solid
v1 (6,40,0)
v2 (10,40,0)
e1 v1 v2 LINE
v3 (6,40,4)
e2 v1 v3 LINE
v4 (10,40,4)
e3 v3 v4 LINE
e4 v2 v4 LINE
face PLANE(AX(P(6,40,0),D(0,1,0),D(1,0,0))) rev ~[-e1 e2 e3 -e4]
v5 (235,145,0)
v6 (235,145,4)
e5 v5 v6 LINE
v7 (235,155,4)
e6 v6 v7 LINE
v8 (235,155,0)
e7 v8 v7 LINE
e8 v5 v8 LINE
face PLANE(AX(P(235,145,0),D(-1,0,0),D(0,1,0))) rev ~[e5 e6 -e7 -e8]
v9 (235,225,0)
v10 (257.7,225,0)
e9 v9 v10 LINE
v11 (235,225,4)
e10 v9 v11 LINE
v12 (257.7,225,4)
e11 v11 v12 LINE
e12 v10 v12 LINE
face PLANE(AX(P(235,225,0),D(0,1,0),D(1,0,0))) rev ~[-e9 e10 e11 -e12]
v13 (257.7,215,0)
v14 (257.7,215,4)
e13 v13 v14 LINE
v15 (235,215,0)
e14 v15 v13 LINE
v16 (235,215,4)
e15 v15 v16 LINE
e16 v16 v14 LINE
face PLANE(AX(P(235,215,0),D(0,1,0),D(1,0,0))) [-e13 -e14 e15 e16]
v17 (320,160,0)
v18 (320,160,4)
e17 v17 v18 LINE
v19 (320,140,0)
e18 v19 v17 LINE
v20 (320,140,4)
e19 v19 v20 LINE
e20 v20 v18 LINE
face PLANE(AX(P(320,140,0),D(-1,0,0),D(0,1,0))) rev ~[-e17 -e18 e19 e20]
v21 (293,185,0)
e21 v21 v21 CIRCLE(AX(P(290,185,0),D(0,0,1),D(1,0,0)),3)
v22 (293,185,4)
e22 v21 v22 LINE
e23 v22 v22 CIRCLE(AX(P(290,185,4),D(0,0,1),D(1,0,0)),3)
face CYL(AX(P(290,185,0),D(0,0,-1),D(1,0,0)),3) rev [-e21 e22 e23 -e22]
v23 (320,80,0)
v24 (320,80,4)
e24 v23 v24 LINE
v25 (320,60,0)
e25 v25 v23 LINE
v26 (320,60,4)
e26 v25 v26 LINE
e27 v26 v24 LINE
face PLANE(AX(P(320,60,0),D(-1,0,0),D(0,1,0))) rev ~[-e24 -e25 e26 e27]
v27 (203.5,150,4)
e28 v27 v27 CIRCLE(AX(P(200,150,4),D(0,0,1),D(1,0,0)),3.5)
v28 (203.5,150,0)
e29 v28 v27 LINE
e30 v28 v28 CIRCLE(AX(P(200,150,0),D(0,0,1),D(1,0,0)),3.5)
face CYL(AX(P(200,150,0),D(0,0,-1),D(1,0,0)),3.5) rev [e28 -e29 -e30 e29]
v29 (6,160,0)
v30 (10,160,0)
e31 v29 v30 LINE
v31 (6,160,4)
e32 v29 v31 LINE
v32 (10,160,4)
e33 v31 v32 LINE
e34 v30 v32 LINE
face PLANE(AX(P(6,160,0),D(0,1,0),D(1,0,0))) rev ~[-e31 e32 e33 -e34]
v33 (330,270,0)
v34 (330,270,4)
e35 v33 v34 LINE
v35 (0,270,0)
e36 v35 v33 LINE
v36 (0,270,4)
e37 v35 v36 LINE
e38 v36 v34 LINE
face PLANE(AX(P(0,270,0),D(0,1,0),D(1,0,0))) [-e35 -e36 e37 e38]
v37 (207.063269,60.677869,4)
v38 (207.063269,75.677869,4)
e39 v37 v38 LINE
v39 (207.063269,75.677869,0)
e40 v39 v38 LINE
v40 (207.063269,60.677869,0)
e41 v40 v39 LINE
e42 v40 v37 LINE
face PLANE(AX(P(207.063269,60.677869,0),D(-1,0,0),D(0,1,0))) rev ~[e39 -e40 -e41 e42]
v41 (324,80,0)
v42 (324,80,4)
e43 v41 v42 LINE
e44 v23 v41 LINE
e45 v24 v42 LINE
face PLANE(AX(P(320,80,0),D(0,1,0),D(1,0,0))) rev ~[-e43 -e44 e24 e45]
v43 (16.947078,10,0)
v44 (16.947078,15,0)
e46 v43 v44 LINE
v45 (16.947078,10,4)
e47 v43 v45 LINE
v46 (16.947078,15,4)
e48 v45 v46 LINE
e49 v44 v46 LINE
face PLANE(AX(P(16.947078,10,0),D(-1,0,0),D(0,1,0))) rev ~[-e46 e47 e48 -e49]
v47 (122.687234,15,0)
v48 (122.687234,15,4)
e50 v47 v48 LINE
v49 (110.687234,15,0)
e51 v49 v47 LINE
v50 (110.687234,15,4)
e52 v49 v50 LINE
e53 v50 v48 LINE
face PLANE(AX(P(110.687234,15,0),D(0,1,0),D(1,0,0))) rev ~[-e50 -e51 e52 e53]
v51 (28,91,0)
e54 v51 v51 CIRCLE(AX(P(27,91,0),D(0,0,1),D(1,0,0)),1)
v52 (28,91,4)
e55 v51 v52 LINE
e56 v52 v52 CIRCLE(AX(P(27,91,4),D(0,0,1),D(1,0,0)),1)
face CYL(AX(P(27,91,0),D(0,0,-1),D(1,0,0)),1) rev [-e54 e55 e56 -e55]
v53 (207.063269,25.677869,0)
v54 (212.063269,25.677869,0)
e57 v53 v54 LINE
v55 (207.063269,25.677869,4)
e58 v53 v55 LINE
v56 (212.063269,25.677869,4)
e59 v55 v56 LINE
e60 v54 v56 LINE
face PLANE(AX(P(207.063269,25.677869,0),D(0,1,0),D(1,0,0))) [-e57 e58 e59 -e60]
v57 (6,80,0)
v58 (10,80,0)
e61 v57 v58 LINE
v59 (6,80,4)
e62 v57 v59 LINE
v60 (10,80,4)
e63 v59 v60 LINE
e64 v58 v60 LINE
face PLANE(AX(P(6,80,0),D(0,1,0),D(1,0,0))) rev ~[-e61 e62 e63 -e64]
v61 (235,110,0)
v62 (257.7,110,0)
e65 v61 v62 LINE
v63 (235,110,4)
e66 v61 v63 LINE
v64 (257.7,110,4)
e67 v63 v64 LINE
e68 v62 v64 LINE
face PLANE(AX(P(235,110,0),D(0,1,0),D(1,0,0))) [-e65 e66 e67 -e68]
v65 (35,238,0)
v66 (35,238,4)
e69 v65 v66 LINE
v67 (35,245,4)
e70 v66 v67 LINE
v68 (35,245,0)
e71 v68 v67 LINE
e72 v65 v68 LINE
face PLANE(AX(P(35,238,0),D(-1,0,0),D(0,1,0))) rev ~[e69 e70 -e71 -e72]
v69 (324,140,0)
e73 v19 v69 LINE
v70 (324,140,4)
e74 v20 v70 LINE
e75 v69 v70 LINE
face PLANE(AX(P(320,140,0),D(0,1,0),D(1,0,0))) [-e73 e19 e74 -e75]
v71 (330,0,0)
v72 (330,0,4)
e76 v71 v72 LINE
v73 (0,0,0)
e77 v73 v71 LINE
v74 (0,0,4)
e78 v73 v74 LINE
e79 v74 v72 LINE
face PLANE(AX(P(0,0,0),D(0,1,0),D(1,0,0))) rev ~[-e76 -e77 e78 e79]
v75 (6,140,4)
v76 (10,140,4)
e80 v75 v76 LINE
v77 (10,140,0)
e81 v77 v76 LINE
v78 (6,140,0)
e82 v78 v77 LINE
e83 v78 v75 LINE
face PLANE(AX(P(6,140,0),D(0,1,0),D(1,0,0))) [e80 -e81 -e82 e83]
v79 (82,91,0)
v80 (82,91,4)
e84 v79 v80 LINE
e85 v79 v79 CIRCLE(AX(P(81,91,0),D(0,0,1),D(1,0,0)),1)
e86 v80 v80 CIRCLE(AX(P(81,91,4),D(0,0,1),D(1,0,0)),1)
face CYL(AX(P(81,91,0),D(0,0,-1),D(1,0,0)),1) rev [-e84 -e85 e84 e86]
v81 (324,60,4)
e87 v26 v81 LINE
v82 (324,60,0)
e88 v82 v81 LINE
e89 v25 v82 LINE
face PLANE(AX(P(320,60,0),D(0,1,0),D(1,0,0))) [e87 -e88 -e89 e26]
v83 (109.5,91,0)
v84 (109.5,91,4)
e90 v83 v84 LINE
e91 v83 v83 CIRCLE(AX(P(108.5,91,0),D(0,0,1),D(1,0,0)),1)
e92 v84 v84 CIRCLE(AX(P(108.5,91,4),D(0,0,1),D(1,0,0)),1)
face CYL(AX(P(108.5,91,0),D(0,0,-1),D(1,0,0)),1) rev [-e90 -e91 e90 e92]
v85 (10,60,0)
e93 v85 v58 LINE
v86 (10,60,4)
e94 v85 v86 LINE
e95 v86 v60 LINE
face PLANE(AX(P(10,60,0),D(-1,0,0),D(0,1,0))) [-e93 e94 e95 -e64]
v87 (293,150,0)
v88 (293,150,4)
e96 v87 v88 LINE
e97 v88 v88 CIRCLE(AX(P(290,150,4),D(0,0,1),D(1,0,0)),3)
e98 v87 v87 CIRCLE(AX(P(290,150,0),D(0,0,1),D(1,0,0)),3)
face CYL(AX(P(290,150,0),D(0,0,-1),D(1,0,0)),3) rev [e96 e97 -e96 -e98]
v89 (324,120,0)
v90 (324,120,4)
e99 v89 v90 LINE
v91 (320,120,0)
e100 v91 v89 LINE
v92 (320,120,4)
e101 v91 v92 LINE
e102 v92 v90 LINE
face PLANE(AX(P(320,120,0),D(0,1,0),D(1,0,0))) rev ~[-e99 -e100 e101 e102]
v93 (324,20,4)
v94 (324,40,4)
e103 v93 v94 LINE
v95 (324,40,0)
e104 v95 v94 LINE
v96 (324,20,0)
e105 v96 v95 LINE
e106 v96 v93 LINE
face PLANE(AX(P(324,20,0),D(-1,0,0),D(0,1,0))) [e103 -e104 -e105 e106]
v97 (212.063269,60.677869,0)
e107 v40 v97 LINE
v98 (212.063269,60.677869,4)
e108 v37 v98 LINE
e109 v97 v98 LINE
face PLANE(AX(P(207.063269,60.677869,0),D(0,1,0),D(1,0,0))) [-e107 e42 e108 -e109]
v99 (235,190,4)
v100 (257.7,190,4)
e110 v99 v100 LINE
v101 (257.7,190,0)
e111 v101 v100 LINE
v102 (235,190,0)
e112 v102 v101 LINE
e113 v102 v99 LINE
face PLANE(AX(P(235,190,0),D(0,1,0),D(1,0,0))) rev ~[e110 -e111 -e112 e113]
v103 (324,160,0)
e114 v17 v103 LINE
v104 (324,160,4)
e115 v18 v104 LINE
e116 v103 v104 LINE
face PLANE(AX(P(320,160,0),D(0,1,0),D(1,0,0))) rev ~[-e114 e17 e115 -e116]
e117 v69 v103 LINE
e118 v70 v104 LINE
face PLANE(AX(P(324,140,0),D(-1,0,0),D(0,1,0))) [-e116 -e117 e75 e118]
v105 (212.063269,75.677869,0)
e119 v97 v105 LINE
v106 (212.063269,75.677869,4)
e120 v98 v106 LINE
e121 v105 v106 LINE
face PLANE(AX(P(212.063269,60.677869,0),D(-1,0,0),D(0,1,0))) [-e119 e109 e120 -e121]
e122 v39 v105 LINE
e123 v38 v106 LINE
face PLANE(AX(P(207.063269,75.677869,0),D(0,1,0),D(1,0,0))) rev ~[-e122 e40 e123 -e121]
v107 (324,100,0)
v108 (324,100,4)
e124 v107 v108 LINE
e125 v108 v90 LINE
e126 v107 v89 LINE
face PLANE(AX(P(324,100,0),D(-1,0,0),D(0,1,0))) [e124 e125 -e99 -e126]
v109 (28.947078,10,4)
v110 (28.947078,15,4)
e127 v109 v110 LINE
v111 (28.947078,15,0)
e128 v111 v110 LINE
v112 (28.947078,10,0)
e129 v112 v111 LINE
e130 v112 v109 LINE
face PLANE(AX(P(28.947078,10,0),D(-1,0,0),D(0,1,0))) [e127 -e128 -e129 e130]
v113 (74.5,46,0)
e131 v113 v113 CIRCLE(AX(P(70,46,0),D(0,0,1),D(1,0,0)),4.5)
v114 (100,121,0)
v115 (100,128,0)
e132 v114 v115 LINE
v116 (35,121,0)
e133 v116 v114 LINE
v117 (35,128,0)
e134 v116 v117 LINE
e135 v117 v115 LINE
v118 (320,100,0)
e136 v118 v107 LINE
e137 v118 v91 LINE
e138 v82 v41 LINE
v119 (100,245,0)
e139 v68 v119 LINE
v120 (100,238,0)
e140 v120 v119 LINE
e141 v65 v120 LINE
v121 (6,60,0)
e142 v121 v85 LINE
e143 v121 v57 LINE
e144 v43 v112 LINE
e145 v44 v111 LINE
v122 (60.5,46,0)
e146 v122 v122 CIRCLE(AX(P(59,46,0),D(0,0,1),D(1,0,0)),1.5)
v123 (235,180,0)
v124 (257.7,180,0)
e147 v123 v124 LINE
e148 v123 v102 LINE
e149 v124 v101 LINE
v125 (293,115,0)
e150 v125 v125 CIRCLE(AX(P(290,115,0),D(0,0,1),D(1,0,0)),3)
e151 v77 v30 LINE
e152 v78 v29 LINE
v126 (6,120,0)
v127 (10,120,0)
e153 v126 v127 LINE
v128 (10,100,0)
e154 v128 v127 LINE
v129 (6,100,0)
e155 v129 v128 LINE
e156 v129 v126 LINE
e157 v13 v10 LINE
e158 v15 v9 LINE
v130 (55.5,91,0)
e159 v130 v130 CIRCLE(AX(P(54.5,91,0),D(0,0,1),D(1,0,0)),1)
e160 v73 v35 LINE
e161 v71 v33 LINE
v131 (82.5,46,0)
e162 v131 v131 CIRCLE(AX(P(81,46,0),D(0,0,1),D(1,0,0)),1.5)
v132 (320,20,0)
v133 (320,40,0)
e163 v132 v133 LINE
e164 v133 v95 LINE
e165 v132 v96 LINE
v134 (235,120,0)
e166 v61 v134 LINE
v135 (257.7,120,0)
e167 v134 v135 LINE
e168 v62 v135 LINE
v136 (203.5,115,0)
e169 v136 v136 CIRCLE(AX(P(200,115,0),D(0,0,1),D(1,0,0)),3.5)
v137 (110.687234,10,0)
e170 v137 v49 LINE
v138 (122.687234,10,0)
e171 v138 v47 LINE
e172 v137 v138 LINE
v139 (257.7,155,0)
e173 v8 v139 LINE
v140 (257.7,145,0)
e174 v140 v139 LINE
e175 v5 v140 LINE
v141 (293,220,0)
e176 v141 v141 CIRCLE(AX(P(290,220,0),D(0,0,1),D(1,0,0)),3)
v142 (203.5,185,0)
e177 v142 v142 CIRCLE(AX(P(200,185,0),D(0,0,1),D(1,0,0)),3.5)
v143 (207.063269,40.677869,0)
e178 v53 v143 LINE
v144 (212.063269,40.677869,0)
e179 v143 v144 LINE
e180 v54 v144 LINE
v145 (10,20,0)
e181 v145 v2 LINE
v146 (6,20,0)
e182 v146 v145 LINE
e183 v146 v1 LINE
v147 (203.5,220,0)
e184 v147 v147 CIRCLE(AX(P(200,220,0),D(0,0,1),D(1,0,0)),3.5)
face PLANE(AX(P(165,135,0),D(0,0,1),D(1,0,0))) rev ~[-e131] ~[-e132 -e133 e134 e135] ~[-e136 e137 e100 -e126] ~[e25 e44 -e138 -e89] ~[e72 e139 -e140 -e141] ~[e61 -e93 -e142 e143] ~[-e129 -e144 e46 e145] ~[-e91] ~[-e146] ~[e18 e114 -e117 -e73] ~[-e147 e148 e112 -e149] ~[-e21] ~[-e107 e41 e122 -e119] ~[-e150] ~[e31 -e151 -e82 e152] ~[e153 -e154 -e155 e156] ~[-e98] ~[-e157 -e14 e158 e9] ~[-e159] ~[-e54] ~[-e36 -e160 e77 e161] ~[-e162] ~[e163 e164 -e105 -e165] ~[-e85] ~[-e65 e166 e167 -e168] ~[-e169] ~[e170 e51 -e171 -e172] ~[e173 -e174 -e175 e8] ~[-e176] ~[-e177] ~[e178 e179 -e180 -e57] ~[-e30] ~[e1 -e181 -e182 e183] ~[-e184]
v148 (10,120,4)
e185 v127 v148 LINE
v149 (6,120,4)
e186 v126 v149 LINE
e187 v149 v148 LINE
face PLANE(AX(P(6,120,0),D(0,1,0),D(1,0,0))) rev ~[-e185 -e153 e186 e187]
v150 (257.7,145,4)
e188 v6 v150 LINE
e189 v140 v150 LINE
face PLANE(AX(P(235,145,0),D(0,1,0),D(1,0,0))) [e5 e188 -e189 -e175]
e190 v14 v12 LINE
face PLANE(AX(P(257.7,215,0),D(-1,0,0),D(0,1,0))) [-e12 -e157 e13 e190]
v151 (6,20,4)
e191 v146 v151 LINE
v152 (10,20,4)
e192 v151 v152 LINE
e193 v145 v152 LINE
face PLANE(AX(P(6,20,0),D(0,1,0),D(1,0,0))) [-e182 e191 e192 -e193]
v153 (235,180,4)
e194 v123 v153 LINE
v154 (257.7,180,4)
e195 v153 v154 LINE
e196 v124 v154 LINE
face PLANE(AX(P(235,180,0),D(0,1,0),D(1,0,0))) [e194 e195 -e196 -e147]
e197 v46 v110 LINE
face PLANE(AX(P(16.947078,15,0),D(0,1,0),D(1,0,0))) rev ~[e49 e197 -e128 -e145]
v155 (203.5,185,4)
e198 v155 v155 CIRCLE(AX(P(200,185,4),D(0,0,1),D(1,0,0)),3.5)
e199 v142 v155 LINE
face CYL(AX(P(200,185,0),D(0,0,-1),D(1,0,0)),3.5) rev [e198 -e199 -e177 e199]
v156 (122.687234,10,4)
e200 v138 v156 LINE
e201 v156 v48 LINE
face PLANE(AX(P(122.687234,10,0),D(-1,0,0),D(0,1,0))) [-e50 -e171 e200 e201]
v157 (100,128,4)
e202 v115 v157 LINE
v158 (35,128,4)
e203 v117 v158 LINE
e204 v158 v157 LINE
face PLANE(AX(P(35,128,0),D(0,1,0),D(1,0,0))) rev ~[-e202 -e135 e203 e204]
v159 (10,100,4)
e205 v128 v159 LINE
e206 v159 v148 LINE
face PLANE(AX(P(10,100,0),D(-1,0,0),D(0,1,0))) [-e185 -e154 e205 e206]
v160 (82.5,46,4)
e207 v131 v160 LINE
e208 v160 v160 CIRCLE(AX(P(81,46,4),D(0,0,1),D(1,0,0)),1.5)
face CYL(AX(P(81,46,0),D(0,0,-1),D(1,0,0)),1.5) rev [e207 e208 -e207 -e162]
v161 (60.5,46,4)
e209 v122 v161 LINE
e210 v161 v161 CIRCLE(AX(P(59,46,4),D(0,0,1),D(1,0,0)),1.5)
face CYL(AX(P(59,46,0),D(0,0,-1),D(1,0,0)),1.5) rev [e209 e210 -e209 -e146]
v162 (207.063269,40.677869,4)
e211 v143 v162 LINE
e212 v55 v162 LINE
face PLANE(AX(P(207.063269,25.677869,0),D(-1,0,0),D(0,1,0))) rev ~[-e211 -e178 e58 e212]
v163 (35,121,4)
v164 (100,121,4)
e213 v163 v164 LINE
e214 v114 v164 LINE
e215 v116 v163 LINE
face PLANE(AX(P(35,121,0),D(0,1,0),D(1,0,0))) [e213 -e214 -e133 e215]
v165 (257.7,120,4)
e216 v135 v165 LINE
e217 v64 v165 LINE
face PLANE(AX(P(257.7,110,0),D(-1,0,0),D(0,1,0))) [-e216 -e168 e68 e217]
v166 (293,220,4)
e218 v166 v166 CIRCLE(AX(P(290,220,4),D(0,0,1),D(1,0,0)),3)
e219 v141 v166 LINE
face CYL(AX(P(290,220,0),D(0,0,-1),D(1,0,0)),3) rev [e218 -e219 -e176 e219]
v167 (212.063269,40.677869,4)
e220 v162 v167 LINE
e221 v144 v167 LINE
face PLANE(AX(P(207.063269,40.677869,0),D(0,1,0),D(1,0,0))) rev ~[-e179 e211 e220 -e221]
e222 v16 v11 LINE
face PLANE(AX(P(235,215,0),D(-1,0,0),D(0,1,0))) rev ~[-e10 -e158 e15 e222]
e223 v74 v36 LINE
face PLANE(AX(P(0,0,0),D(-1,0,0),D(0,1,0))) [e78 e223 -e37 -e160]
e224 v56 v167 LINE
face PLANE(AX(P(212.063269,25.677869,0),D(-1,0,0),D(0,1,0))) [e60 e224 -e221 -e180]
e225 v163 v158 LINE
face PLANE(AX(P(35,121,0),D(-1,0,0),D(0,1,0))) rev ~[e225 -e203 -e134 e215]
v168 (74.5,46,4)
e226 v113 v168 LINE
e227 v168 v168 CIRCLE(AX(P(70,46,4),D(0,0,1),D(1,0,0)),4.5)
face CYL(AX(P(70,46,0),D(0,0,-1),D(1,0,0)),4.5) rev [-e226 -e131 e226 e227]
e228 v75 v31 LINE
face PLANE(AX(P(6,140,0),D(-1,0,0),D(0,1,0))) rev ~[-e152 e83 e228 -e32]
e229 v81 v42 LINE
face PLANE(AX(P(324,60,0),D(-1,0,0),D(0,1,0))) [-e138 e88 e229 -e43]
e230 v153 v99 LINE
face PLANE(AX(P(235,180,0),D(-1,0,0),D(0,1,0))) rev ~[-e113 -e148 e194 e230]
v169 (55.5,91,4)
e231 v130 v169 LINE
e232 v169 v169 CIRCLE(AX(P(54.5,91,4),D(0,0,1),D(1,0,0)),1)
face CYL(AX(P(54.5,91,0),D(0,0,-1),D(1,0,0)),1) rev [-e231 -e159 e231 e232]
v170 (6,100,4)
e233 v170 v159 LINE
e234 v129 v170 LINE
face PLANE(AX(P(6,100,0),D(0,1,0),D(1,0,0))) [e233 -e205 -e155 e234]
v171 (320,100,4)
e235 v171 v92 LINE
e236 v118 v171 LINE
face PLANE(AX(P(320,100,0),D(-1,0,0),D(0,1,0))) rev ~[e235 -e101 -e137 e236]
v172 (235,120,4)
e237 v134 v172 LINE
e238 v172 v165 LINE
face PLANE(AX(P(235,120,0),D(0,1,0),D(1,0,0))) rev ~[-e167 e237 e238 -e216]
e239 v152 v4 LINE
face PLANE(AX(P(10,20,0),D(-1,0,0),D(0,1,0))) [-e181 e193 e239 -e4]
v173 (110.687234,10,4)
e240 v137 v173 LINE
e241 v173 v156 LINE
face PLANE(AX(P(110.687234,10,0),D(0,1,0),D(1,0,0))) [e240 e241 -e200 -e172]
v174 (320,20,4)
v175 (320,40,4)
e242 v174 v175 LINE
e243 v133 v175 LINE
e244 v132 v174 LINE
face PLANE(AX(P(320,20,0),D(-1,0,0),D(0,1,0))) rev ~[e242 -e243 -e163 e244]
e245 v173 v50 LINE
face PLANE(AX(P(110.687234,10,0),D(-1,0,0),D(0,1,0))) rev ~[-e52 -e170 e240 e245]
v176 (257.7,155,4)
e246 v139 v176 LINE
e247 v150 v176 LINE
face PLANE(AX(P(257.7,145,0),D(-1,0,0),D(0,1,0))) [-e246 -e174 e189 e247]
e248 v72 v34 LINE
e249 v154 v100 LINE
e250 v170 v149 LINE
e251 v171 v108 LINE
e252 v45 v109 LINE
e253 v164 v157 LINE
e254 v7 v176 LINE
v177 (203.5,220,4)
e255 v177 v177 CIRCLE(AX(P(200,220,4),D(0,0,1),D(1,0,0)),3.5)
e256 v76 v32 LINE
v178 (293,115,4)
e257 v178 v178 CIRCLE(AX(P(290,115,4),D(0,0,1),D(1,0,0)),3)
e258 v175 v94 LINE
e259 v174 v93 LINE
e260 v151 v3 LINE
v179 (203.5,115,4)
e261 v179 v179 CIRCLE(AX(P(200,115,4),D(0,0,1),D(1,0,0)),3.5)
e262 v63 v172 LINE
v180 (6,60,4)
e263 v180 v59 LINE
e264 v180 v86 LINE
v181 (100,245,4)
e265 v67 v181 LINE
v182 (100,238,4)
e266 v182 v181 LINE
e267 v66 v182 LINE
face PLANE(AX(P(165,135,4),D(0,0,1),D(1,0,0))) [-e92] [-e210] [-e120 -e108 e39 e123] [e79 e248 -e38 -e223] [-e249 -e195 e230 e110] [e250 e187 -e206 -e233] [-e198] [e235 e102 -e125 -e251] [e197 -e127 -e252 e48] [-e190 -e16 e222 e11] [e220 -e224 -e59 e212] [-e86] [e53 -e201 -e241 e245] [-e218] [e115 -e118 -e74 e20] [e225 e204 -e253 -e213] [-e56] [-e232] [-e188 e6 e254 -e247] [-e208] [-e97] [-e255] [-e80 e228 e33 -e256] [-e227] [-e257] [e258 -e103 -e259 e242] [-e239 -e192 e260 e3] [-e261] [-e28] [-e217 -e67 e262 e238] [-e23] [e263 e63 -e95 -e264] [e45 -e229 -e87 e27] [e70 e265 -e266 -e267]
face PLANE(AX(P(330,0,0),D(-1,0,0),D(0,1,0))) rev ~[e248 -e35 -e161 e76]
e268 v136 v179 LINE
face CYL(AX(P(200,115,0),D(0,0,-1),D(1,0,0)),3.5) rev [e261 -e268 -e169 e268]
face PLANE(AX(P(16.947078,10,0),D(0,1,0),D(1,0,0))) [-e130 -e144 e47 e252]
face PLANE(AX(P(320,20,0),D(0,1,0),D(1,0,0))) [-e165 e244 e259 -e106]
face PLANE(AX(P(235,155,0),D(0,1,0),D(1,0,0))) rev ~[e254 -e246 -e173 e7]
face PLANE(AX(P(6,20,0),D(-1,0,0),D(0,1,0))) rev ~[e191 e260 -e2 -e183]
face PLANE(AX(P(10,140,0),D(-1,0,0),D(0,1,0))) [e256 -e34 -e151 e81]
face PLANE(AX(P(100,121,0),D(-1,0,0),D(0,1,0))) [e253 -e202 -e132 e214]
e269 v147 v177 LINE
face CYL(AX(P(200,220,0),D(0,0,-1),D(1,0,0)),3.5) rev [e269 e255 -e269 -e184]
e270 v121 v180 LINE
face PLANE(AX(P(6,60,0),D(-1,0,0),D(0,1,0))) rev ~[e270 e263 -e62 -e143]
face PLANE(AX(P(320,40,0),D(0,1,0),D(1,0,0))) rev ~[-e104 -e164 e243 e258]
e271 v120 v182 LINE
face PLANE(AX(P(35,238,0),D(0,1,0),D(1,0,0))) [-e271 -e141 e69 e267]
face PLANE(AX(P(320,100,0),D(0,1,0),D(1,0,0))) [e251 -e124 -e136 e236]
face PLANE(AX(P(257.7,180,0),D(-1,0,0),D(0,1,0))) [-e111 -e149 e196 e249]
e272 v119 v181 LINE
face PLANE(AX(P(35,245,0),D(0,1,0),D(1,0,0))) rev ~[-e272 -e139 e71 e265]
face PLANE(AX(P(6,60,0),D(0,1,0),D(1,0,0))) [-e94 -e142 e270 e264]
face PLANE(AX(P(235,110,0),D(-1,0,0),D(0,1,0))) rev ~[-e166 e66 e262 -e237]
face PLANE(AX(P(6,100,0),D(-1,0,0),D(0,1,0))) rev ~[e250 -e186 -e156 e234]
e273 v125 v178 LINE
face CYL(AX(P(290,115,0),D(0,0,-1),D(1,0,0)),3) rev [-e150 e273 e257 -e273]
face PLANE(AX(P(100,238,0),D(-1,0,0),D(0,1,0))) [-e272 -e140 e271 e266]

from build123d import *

# Parameters (mm, degrees)
SCHIZZO1_W                   = 330
SCHIZZO1_H                   = 270
SCHIZZO1_R                   = 3.5
SCHIZZO1_R_2                 = 1
SCHIZZO1_R_3                 = 3
SCHIZZO1_R_4                 = 4.5
SCHIZZO1_R_5                 = 1.5
SCHIZZO1_W_2                 = 22.7
SCHIZZO1_H_2                 = 10
SCHIZZO1_W_3                 = 65
SCHIZZO1_H_3                 = 7
SCHIZZO1_W_4                 = 4
SCHIZZO1_H_4                 = 20
SCHIZZO1_W_5                 = 5
SCHIZZO1_H_5                 = 15
SCHIZZO1_W_6                 = 12
SCHIZZO1_H_6                 = 5
ESTRUSIONE_ESTRUSIONE1_DEPTH = 4


with BuildPart() as part:
    # Schizzo1 → Estrusione-Estrusione1 (new body)
    with BuildSketch(Plane.XY):
        with Locations((165, 135)):
            Rectangle(SCHIZZO1_W, SCHIZZO1_H)
        with Locations((200, 220)):
            Circle(SCHIZZO1_R, mode=Mode.SUBTRACT)
        with Locations((200, 185)):
            Circle(SCHIZZO1_R, mode=Mode.SUBTRACT)
        with Locations((200, 150)):
            Circle(SCHIZZO1_R, mode=Mode.SUBTRACT)
        with Locations((200, 115)):
            Circle(SCHIZZO1_R, mode=Mode.SUBTRACT)
        with Locations((27, 91)):
            Circle(SCHIZZO1_R_2, mode=Mode.SUBTRACT)
        with Locations((54.5, 91)):
            Circle(SCHIZZO1_R_2, mode=Mode.SUBTRACT)
        with Locations((81, 91)):
            Circle(SCHIZZO1_R_2, mode=Mode.SUBTRACT)
        with Locations((108.5, 91)):
            Circle(SCHIZZO1_R_2, mode=Mode.SUBTRACT)
        with Locations((290, 220)):
            Circle(SCHIZZO1_R_3, mode=Mode.SUBTRACT)
        with Locations((290, 185)):
            Circle(SCHIZZO1_R_3, mode=Mode.SUBTRACT)
        with Locations((290, 150)):
            Circle(SCHIZZO1_R_3, mode=Mode.SUBTRACT)
        with Locations((290, 115)):
            Circle(SCHIZZO1_R_3, mode=Mode.SUBTRACT)
        with Locations((70, 46)):
            Circle(SCHIZZO1_R_4, mode=Mode.SUBTRACT)
        with Locations((59, 46)):
            Circle(SCHIZZO1_R_5, mode=Mode.SUBTRACT)
        with Locations((81, 46)):
            Circle(SCHIZZO1_R_5, mode=Mode.SUBTRACT)
        with Locations((246.35, 185)):
            Rectangle(SCHIZZO1_W_2, SCHIZZO1_H_2, mode=Mode.SUBTRACT)
        with Locations((67.5, 241.5)):
            Rectangle(SCHIZZO1_W_3, SCHIZZO1_H_3, mode=Mode.SUBTRACT)
        with Locations((246.35, 220)):
            Rectangle(SCHIZZO1_W_2, SCHIZZO1_H_2, mode=Mode.SUBTRACT)
        with Locations((246.35, 150)):
            Rectangle(SCHIZZO1_W_2, SCHIZZO1_H_2, mode=Mode.SUBTRACT)
        with Locations((246.35, 115)):
            Rectangle(SCHIZZO1_W_2, SCHIZZO1_H_2, mode=Mode.SUBTRACT)
        with Locations((8, 110)):
            Rectangle(SCHIZZO1_W_4, SCHIZZO1_H_4, mode=Mode.SUBTRACT)
        with Locations((67.5, 124.5)):
            Rectangle(SCHIZZO1_W_3, SCHIZZO1_H_3, mode=Mode.SUBTRACT)
        with Locations((209.563268788, 68.177868744)):
            Rectangle(SCHIZZO1_W_5, SCHIZZO1_H_5, mode=Mode.SUBTRACT)
        with Locations((22.947077827, 12.5)):
            Rectangle(SCHIZZO1_W_6, SCHIZZO1_H_6, mode=Mode.SUBTRACT)
        with Locations((116.687234465, 12.5)):
            Rectangle(SCHIZZO1_W_6, SCHIZZO1_H_6, mode=Mode.SUBTRACT)
        with Locations((209.563268788, 33.177868744)):
            Rectangle(SCHIZZO1_W_5, SCHIZZO1_H_5, mode=Mode.SUBTRACT)
        with Locations((8, 150)):
            Rectangle(SCHIZZO1_W_4, SCHIZZO1_H_4, mode=Mode.SUBTRACT)
        with Locations((8, 70)):
            Rectangle(SCHIZZO1_W_4, SCHIZZO1_H_4, mode=Mode.SUBTRACT)
        with Locations((8, 30)):
            Rectangle(SCHIZZO1_W_4, SCHIZZO1_H_4, mode=Mode.SUBTRACT)
        with Locations((322, 110)):
            Rectangle(SCHIZZO1_W_4, SCHIZZO1_H_4, mode=Mode.SUBTRACT)
        with Locations((322, 150)):
            Rectangle(SCHIZZO1_W_4, SCHIZZO1_H_4, mode=Mode.SUBTRACT)
        with Locations((322, 70)):
            Rectangle(SCHIZZO1_W_4, SCHIZZO1_H_4, mode=Mode.SUBTRACT)
        with Locations((322, 30)):
            Rectangle(SCHIZZO1_W_4, SCHIZZO1_H_4, mode=Mode.SUBTRACT)
    extrude(amount=ESTRUSIONE_ESTRUSIONE1_DEPTH)


solid = part.part
